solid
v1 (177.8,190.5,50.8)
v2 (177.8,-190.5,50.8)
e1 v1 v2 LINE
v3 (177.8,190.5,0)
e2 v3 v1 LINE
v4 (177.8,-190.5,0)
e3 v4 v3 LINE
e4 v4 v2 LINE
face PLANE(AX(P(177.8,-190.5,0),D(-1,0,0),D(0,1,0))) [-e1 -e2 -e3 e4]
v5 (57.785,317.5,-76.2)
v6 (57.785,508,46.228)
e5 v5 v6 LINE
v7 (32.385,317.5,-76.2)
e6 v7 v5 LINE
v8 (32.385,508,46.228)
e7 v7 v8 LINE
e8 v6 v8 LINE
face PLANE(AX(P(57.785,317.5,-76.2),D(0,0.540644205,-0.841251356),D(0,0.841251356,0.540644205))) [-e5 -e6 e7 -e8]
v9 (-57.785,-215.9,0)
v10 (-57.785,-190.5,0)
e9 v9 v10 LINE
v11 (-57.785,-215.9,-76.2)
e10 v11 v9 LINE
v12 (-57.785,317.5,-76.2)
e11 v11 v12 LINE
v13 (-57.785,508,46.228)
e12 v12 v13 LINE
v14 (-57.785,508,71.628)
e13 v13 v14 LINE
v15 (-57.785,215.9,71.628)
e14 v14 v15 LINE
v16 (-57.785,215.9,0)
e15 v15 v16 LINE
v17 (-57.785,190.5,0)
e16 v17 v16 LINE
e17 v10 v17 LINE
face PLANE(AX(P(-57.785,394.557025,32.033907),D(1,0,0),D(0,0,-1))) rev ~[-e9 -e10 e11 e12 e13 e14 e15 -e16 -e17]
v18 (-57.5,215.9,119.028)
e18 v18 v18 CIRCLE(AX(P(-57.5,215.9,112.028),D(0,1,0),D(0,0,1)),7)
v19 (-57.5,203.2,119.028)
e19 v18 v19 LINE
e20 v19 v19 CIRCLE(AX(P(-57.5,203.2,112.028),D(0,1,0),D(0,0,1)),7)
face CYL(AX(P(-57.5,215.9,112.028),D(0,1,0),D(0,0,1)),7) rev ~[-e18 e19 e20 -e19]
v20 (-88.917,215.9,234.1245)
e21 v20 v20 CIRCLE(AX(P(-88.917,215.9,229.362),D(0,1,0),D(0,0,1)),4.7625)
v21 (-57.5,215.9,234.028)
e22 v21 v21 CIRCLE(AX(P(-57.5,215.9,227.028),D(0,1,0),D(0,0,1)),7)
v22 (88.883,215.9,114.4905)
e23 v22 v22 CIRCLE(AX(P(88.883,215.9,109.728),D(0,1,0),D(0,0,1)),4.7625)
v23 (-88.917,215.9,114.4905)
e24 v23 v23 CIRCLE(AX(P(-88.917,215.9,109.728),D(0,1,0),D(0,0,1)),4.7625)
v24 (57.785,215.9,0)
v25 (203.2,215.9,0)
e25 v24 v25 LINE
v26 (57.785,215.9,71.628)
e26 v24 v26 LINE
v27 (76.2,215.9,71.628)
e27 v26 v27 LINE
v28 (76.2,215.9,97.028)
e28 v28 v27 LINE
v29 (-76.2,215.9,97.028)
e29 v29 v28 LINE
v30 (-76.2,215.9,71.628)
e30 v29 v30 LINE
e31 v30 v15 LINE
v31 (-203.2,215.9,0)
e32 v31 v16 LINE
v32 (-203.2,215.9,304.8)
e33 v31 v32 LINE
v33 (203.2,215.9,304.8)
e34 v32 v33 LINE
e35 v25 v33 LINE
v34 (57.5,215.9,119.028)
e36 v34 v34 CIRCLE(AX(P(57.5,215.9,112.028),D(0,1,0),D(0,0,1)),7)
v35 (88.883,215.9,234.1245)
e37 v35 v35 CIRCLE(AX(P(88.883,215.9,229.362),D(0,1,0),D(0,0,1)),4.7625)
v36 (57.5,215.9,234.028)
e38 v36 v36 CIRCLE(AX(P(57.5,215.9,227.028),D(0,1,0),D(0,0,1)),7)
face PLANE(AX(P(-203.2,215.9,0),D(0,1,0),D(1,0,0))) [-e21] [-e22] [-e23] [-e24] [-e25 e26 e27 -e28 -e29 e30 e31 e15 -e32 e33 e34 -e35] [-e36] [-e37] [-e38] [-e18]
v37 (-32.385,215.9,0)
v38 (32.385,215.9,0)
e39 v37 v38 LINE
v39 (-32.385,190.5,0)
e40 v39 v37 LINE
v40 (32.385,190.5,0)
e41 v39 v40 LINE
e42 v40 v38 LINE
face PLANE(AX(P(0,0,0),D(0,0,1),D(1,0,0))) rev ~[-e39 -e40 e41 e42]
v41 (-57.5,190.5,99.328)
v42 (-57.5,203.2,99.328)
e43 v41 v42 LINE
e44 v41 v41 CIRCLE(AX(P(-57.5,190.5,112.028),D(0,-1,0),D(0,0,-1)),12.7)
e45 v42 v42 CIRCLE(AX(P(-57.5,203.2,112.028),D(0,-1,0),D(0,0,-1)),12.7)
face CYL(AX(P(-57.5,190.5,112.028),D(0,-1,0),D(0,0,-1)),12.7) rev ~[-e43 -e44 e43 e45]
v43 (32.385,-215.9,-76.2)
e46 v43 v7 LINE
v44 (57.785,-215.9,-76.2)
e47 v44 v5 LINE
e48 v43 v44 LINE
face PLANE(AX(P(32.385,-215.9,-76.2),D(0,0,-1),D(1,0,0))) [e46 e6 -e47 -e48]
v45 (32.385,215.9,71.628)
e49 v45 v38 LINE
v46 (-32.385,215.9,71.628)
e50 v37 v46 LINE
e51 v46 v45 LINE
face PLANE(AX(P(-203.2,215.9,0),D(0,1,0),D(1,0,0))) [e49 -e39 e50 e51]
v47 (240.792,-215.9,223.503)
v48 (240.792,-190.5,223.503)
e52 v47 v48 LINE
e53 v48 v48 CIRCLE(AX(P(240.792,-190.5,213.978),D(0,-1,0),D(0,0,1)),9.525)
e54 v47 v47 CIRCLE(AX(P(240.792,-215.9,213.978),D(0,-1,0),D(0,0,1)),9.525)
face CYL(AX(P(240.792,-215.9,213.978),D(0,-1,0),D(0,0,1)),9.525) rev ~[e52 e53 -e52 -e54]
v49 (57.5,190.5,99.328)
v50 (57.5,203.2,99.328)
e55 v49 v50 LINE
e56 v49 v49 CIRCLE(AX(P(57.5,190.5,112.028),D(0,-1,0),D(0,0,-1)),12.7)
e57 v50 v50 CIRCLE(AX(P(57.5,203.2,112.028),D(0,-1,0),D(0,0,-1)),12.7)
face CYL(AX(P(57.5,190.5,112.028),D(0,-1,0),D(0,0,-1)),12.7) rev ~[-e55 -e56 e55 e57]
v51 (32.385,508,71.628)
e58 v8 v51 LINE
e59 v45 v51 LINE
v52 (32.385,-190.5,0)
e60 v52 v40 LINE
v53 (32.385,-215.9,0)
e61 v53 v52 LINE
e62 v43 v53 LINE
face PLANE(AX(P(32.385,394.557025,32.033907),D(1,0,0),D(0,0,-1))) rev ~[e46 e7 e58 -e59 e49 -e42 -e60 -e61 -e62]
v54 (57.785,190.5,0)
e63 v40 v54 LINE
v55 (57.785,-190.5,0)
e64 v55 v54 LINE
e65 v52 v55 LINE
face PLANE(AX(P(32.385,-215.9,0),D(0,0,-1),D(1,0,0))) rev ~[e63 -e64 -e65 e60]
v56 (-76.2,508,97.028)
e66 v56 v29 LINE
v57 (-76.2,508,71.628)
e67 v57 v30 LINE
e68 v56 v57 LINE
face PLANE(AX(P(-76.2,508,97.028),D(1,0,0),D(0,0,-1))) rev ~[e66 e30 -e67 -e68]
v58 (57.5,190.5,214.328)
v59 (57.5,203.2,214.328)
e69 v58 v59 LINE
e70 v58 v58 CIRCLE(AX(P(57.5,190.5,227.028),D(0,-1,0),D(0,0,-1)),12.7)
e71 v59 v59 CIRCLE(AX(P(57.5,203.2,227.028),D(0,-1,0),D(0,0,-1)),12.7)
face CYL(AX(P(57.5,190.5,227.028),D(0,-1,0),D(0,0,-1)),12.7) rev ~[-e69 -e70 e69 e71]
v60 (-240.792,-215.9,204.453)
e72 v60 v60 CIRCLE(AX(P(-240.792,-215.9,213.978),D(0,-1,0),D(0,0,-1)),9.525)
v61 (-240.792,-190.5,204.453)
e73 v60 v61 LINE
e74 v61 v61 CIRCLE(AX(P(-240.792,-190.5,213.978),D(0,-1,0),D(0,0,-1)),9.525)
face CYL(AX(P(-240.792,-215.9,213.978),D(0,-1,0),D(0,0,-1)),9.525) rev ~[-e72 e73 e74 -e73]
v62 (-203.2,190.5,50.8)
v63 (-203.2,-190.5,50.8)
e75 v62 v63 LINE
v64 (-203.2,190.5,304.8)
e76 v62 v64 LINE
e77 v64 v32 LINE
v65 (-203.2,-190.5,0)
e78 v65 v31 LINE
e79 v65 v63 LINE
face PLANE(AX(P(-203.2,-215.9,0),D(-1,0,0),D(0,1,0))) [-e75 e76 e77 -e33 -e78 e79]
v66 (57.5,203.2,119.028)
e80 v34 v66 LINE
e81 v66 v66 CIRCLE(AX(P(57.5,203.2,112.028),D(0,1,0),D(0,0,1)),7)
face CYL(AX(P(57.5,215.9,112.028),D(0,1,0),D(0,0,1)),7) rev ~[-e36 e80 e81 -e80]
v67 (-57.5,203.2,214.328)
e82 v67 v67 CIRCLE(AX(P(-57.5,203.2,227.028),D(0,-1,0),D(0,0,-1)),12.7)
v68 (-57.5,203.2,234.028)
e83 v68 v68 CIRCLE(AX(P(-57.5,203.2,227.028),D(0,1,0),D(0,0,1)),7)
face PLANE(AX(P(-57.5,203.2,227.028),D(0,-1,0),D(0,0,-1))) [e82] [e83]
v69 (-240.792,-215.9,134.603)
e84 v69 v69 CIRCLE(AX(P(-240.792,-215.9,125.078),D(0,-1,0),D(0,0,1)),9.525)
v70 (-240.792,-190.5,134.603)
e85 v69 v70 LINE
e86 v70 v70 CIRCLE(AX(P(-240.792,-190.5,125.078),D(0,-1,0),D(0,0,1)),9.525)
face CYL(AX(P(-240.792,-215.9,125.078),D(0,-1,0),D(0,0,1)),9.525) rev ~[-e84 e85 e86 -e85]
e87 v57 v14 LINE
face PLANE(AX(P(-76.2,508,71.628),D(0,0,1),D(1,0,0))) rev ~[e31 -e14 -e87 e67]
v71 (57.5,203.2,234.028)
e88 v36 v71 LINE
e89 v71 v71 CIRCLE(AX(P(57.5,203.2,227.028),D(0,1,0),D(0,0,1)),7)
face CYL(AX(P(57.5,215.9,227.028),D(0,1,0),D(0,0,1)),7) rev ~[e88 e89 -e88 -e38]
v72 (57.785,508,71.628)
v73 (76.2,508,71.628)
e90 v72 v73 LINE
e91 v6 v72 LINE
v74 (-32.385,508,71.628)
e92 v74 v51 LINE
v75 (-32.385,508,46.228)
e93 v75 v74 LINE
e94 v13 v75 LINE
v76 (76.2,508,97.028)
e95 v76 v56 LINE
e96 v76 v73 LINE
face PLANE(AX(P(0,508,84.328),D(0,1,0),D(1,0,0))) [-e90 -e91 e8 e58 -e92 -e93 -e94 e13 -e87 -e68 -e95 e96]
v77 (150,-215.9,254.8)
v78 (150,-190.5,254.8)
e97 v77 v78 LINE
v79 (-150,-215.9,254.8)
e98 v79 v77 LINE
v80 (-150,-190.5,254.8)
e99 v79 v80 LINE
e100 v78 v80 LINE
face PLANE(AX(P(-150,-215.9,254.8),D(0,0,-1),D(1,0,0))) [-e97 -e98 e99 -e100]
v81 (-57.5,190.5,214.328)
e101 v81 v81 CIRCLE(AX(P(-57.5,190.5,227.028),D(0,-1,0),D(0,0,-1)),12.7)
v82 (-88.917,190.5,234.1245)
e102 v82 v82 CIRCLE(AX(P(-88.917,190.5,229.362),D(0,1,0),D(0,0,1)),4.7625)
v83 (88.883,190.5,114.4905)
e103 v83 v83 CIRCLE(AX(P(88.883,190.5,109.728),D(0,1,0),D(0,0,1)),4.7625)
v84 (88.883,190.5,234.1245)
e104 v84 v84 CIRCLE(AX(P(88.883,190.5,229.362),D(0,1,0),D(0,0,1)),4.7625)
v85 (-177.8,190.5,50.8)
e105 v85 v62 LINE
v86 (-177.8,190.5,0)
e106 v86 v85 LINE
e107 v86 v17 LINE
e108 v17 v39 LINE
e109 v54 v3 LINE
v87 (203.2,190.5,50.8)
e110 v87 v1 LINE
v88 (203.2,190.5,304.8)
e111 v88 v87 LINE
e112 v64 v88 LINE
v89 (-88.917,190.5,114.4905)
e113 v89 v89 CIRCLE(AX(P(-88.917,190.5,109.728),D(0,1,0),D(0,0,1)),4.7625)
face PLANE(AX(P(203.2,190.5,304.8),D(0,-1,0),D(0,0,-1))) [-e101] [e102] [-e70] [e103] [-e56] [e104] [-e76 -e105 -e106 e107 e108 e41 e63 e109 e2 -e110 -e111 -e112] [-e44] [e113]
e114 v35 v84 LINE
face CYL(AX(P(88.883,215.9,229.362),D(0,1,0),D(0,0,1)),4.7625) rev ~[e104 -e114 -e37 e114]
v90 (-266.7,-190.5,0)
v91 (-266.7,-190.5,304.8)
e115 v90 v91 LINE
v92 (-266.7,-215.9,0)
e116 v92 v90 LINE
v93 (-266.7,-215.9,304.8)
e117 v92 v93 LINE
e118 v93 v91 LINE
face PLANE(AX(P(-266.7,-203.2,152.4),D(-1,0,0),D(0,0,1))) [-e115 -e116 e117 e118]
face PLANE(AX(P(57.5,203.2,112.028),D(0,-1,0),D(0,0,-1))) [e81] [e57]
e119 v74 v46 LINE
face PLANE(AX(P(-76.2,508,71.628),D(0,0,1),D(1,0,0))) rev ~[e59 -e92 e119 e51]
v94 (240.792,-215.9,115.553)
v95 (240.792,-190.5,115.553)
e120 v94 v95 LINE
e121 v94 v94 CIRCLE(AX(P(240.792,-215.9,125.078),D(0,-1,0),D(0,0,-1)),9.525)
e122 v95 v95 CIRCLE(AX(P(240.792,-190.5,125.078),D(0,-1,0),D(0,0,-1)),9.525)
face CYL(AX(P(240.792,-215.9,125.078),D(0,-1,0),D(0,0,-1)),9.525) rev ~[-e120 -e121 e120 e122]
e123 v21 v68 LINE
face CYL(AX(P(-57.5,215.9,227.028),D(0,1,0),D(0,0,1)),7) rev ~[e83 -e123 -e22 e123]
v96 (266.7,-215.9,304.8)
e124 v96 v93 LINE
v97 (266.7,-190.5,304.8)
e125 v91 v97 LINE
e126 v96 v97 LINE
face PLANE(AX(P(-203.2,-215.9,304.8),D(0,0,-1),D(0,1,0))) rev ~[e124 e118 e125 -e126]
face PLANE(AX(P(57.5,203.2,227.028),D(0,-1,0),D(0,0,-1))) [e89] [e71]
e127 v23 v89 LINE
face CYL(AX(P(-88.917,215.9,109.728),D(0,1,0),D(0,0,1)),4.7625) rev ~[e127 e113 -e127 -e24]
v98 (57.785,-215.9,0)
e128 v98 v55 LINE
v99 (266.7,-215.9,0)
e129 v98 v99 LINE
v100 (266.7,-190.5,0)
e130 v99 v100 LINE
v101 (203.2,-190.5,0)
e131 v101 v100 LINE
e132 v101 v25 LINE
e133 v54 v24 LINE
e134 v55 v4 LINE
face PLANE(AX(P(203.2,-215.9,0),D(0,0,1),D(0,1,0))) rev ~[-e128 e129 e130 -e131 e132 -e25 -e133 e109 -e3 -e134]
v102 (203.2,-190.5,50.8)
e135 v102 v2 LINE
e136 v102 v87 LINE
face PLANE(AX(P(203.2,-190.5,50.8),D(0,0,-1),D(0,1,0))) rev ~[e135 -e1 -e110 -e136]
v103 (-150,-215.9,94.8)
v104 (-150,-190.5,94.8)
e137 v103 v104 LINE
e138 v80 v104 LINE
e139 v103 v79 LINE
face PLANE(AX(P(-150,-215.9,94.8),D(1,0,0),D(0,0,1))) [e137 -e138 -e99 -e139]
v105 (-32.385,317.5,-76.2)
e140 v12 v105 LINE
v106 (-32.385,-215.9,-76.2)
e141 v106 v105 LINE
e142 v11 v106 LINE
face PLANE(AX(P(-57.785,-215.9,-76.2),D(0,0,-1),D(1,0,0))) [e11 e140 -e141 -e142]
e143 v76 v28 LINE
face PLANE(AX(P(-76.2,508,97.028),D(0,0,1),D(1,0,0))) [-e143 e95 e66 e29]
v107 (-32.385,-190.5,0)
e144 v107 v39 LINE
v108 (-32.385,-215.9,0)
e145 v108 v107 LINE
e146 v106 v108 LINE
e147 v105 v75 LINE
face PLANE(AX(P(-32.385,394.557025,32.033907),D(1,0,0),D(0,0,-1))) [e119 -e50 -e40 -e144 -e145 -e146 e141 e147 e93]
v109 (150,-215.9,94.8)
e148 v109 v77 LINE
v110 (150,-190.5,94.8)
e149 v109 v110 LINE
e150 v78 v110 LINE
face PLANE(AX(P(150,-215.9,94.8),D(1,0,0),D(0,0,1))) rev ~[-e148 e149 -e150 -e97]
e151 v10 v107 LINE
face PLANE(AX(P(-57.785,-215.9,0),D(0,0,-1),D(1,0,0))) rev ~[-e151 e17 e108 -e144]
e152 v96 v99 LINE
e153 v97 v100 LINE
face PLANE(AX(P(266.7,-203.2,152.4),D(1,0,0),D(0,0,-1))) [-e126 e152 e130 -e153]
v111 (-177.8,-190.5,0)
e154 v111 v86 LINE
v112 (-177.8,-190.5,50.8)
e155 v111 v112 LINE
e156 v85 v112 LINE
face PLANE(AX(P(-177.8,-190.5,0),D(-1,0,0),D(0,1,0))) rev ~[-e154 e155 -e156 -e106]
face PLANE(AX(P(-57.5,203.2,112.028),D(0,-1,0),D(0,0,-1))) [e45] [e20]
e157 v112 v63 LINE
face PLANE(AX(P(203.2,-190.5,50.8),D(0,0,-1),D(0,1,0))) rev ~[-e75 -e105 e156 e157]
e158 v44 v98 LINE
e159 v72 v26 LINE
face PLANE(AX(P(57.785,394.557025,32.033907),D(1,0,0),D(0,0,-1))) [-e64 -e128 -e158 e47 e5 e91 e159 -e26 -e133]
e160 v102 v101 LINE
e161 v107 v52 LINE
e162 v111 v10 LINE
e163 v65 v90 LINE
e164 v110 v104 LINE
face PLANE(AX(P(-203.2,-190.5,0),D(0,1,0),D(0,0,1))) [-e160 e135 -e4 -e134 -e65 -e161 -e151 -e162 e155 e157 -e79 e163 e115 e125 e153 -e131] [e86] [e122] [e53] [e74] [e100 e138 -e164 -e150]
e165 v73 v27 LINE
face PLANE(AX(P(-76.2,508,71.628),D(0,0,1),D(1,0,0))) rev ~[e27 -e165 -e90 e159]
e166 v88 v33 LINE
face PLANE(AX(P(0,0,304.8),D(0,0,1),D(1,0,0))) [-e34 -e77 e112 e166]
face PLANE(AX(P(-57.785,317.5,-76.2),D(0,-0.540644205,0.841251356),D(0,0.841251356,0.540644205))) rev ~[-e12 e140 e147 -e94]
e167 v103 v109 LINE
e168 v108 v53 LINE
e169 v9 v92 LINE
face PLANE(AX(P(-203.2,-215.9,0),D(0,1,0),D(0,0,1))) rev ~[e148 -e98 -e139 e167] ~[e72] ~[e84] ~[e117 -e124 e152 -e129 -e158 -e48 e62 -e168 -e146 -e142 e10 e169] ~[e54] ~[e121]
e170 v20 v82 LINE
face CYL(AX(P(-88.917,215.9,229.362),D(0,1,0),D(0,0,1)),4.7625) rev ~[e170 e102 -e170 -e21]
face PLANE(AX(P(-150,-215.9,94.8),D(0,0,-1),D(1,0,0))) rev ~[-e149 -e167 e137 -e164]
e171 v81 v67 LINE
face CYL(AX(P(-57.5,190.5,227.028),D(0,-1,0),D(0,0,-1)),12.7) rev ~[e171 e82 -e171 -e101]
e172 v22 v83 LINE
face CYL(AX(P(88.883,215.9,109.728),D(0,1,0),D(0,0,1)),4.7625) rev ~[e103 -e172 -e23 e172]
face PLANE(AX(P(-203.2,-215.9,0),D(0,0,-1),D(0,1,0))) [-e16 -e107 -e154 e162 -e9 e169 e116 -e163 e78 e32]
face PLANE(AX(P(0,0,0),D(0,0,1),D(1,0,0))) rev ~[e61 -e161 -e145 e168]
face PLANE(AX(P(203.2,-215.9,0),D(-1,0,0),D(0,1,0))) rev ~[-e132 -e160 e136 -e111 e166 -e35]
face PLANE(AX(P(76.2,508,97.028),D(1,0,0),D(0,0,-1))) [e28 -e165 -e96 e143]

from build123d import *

# Parameters (mm, degrees)
SKETCH1_W           = 406.4
SKETCH1_H           = 431.8
SKETCH1_W_2         = 355.6
SKETCH1_H_2         = 381
BOSS_EXTRUDE1_DEPTH = 304.8
SKETCH2_W           = 254
SKETCH2_H           = 381
CUT_EXTRUDE1_DEPTH  = 552.975370827
BOSS_EXTRUDE2_DEPTH = 101.6
SKETCH4_W           = 25.4
SKETCH4_H           = 76.2
BOSS_EXTRUDE3_DEPTH = 533.4
BOSS_EXTRUDE4_DEPTH = 25.4
BOSS_EXTRUDE5_DEPTH = 25.4
SKETCH7_W           = 152.4
SKETCH7_H           = 25.4
BOSS_EXTRUDE6_DEPTH = 292.1
SKETCH8_R           = 4.7625
SKETCH8_R_2         = 7
CUT_EXTRUDE2_DEPTH  = 25.4
SKETCH9_R           = 12.7
CUT_EXTRUDE3_DEPTH  = 12.7
BOSS_EXTRUDE7_DEPTH = 25.4
SKETCH11_W          = 304.8
SKETCH11_H          = 25.4
BOSS_EXTRUDE8_DEPTH = 63.5
SKETCH12_W          = 304.8
SKETCH12_H          = 25.4
BOSS_EXTRUDE9_DEPTH = 63.5
SKETCH14_R          = 9.525
CUT_EXTRUDE4_DEPTH  = 830.495714275
SKETCH16_W          = 300
SKETCH16_H          = 160
CUT_EXTRUDE5_DEPTH  = 30


with BuildPart() as part:
    # Sketch1 → Boss-Extrude1 (new body)
    with BuildSketch(Plane.XY):
        Rectangle(SKETCH1_W, SKETCH1_H)
        Rectangle(SKETCH1_W_2, SKETCH1_H_2, mode=Mode.SUBTRACT)
    extrude(amount=BOSS_EXTRUDE1_DEPTH)

    # Sketch2 → Cut-Extrude1 (cut, through all)
    with BuildSketch(Plane(origin=(203.2, 0, 0), x_dir=(0, 0, -1), z_dir=(1, 0, 0))):
        with Locations((-177.8, 0)):
            Rectangle(SKETCH2_W, SKETCH2_H)
    extrude(amount=-CUT_EXTRUDE1_DEPTH, mode=Mode.SUBTRACT)

    # Sketch3 → Boss-Extrude2 (add)
    with BuildSketch(Plane(origin=(0, 215.9, 0), x_dir=(1, 0, 0), z_dir=(0, 1, 0))):
        Polygon((-57.785, 0), (-32.385, 0), (-32.385, -71.628), (32.385, -71.628), (32.385, 0), (57.785, 0), (57.785, -97.028), (32.385, -97.028), (-32.385, -97.028), (-57.785, -97.028), align=None)
    extrude(amount=BOSS_EXTRUDE2_DEPTH)

    # Sketch4 → Boss-Extrude3 (add)
    with BuildSketch(Plane.XZ.offset(215.9)):
        with Locations((-45.085, -38.1)):
            Rectangle(SKETCH4_W, SKETCH4_H)
        with Locations((45.085, -38.1)):
            Rectangle(SKETCH4_W, SKETCH4_H)
    extrude(amount=-BOSS_EXTRUDE3_DEPTH)

    # Sketch5 → Boss-Extrude4 (add)
    with BuildSketch(Plane.ZY.offset(57.785)):
        Polygon((-76.2, 317.5), (46.228, 508), (97.028, 508), (97.028, 317.5), align=None)
    extrude(amount=-BOSS_EXTRUDE4_DEPTH)

    # Sketch6 → Boss-Extrude5 (add)
    with BuildSketch(Plane(origin=(57.785, 0, 0), x_dir=(0, 0, -1), z_dir=(1, 0, 0))):
        Polygon((-46.228, 508), (-97.028, 508), (-97.028, 317.5), (76.2, 317.5), align=None)
    extrude(amount=-BOSS_EXTRUDE5_DEPTH)

    # Sketch7 → Boss-Extrude6 (add)
    with BuildSketch(Plane(origin=(0, 508, 0), x_dir=(1, 0, 0), z_dir=(0, 1, 0))):
        with Locations((0, -84.328)):
            Rectangle(SKETCH7_W, SKETCH7_H)
    extrude(amount=-BOSS_EXTRUDE6_DEPTH)

    # Sketch8 → Cut-Extrude2 (cut)
    with BuildSketch(Plane(origin=(0, 215.9, 0), x_dir=(1, 0, 0), z_dir=(0, 1, 0))):
        with Locations(Location((88.883, -229.362, 0), (0, 0, 270))):
            Circle(SKETCH8_R)
        with Locations(Location((57.5, -227.028, 0), (0, 0, 270))):
            Circle(SKETCH8_R_2)
        with Locations(Location((-88.917, -229.362, 0), (0, 0, 270))):
            Circle(SKETCH8_R)
        with Locations(Location((-57.5, -227.028, 0), (0, 0, 270))):
            Circle(SKETCH8_R_2)
        with Locations(Location((-88.917, -109.728, 0), (0, 0, 270))):
            Circle(SKETCH8_R)
        with Locations(Location((57.5, -112.028, 0), (0, 0, 270))):
            Circle(SKETCH8_R_2)
        with Locations(Location((88.883, -109.728, 0), (0, 0, 270))):
            Circle(SKETCH8_R)
        with Locations(Location((-57.5, -112.028, 0), (0, 0, 270))):
            Circle(SKETCH8_R_2)
    extrude(amount=-CUT_EXTRUDE2_DEPTH, mode=Mode.SUBTRACT)

    # Sketch9 → Cut-Extrude3 (cut)
    with BuildSketch(Plane.XZ.offset(-190.5)):
        with Locations(Location((-57.5, 227.028, 0), (0, 0, 270))):
            Circle(SKETCH9_R)
        with Locations(Location((57.5, 227.028, 0), (0, 0, 270))):
            Circle(SKETCH9_R)
        with Locations(Location((57.5, 112.028, 0), (0, 0, 270))):
            Circle(SKETCH9_R)
        with Locations(Location((-57.5, 112.028, 0), (0, 0, 270))):
            Circle(SKETCH9_R)
    extrude(amount=-CUT_EXTRUDE3_DEPTH, mode=Mode.SUBTRACT)

    # Sketch10 → Boss-Extrude7 (add)
    with BuildSketch(Plane(origin=(57.785, 0, 0), x_dir=(0, 0, -1), z_dir=(1, 0, 0))):
        Polygon((-71.628, 317.5), (76.2, 317.5), (-46.228, 508), (-71.628, 508), align=None)
    extrude(amount=-BOSS_EXTRUDE7_DEPTH)

    # Sketch11 → Boss-Extrude8 (add)
    with BuildSketch(Plane(origin=(203.2, 0, 0), x_dir=(0, 0, -1), z_dir=(1, 0, 0))):
        with Locations((-152.4, -203.2)):
            Rectangle(SKETCH11_W, SKETCH11_H)
    extrude(amount=BOSS_EXTRUDE8_DEPTH)

    # Sketch12 → Boss-Extrude9 (add)
    with BuildSketch(Plane.ZY.offset(203.2)):
        with Locations((152.4, -203.2)):
            Rectangle(SKETCH12_W, SKETCH12_H)
    extrude(amount=BOSS_EXTRUDE9_DEPTH)

    # Sketch14 → Cut-Extrude4 (cut, through all)
    with BuildSketch(Plane.XZ.offset(215.9)):
        with Locations(Location((-240.792, 213.978, 0), (0, 0, 270))):
            Circle(SKETCH14_R)
        with Locations(Location((-240.792, 125.078, 0), (0, 0, 90))):
            Circle(SKETCH14_R)
        with Locations(Location((240.792, 213.978, 0), (0, 0, 90))):
            Circle(SKETCH14_R)
        with Locations(Location((240.792, 125.078, 0), (0, 0, 270))):
            Circle(SKETCH14_R)
    extrude(amount=-CUT_EXTRUDE4_DEPTH, mode=Mode.SUBTRACT)

    # Sketch16 → Cut-Extrude5 (cut)
    with BuildSketch(Plane.XZ.offset(215.9)):
        with Locations((0, 174.8)):
            Rectangle(SKETCH16_W, SKETCH16_H)
    extrude(amount=-CUT_EXTRUDE5_DEPTH, mode=Mode.SUBTRACT)


solid = part.part
